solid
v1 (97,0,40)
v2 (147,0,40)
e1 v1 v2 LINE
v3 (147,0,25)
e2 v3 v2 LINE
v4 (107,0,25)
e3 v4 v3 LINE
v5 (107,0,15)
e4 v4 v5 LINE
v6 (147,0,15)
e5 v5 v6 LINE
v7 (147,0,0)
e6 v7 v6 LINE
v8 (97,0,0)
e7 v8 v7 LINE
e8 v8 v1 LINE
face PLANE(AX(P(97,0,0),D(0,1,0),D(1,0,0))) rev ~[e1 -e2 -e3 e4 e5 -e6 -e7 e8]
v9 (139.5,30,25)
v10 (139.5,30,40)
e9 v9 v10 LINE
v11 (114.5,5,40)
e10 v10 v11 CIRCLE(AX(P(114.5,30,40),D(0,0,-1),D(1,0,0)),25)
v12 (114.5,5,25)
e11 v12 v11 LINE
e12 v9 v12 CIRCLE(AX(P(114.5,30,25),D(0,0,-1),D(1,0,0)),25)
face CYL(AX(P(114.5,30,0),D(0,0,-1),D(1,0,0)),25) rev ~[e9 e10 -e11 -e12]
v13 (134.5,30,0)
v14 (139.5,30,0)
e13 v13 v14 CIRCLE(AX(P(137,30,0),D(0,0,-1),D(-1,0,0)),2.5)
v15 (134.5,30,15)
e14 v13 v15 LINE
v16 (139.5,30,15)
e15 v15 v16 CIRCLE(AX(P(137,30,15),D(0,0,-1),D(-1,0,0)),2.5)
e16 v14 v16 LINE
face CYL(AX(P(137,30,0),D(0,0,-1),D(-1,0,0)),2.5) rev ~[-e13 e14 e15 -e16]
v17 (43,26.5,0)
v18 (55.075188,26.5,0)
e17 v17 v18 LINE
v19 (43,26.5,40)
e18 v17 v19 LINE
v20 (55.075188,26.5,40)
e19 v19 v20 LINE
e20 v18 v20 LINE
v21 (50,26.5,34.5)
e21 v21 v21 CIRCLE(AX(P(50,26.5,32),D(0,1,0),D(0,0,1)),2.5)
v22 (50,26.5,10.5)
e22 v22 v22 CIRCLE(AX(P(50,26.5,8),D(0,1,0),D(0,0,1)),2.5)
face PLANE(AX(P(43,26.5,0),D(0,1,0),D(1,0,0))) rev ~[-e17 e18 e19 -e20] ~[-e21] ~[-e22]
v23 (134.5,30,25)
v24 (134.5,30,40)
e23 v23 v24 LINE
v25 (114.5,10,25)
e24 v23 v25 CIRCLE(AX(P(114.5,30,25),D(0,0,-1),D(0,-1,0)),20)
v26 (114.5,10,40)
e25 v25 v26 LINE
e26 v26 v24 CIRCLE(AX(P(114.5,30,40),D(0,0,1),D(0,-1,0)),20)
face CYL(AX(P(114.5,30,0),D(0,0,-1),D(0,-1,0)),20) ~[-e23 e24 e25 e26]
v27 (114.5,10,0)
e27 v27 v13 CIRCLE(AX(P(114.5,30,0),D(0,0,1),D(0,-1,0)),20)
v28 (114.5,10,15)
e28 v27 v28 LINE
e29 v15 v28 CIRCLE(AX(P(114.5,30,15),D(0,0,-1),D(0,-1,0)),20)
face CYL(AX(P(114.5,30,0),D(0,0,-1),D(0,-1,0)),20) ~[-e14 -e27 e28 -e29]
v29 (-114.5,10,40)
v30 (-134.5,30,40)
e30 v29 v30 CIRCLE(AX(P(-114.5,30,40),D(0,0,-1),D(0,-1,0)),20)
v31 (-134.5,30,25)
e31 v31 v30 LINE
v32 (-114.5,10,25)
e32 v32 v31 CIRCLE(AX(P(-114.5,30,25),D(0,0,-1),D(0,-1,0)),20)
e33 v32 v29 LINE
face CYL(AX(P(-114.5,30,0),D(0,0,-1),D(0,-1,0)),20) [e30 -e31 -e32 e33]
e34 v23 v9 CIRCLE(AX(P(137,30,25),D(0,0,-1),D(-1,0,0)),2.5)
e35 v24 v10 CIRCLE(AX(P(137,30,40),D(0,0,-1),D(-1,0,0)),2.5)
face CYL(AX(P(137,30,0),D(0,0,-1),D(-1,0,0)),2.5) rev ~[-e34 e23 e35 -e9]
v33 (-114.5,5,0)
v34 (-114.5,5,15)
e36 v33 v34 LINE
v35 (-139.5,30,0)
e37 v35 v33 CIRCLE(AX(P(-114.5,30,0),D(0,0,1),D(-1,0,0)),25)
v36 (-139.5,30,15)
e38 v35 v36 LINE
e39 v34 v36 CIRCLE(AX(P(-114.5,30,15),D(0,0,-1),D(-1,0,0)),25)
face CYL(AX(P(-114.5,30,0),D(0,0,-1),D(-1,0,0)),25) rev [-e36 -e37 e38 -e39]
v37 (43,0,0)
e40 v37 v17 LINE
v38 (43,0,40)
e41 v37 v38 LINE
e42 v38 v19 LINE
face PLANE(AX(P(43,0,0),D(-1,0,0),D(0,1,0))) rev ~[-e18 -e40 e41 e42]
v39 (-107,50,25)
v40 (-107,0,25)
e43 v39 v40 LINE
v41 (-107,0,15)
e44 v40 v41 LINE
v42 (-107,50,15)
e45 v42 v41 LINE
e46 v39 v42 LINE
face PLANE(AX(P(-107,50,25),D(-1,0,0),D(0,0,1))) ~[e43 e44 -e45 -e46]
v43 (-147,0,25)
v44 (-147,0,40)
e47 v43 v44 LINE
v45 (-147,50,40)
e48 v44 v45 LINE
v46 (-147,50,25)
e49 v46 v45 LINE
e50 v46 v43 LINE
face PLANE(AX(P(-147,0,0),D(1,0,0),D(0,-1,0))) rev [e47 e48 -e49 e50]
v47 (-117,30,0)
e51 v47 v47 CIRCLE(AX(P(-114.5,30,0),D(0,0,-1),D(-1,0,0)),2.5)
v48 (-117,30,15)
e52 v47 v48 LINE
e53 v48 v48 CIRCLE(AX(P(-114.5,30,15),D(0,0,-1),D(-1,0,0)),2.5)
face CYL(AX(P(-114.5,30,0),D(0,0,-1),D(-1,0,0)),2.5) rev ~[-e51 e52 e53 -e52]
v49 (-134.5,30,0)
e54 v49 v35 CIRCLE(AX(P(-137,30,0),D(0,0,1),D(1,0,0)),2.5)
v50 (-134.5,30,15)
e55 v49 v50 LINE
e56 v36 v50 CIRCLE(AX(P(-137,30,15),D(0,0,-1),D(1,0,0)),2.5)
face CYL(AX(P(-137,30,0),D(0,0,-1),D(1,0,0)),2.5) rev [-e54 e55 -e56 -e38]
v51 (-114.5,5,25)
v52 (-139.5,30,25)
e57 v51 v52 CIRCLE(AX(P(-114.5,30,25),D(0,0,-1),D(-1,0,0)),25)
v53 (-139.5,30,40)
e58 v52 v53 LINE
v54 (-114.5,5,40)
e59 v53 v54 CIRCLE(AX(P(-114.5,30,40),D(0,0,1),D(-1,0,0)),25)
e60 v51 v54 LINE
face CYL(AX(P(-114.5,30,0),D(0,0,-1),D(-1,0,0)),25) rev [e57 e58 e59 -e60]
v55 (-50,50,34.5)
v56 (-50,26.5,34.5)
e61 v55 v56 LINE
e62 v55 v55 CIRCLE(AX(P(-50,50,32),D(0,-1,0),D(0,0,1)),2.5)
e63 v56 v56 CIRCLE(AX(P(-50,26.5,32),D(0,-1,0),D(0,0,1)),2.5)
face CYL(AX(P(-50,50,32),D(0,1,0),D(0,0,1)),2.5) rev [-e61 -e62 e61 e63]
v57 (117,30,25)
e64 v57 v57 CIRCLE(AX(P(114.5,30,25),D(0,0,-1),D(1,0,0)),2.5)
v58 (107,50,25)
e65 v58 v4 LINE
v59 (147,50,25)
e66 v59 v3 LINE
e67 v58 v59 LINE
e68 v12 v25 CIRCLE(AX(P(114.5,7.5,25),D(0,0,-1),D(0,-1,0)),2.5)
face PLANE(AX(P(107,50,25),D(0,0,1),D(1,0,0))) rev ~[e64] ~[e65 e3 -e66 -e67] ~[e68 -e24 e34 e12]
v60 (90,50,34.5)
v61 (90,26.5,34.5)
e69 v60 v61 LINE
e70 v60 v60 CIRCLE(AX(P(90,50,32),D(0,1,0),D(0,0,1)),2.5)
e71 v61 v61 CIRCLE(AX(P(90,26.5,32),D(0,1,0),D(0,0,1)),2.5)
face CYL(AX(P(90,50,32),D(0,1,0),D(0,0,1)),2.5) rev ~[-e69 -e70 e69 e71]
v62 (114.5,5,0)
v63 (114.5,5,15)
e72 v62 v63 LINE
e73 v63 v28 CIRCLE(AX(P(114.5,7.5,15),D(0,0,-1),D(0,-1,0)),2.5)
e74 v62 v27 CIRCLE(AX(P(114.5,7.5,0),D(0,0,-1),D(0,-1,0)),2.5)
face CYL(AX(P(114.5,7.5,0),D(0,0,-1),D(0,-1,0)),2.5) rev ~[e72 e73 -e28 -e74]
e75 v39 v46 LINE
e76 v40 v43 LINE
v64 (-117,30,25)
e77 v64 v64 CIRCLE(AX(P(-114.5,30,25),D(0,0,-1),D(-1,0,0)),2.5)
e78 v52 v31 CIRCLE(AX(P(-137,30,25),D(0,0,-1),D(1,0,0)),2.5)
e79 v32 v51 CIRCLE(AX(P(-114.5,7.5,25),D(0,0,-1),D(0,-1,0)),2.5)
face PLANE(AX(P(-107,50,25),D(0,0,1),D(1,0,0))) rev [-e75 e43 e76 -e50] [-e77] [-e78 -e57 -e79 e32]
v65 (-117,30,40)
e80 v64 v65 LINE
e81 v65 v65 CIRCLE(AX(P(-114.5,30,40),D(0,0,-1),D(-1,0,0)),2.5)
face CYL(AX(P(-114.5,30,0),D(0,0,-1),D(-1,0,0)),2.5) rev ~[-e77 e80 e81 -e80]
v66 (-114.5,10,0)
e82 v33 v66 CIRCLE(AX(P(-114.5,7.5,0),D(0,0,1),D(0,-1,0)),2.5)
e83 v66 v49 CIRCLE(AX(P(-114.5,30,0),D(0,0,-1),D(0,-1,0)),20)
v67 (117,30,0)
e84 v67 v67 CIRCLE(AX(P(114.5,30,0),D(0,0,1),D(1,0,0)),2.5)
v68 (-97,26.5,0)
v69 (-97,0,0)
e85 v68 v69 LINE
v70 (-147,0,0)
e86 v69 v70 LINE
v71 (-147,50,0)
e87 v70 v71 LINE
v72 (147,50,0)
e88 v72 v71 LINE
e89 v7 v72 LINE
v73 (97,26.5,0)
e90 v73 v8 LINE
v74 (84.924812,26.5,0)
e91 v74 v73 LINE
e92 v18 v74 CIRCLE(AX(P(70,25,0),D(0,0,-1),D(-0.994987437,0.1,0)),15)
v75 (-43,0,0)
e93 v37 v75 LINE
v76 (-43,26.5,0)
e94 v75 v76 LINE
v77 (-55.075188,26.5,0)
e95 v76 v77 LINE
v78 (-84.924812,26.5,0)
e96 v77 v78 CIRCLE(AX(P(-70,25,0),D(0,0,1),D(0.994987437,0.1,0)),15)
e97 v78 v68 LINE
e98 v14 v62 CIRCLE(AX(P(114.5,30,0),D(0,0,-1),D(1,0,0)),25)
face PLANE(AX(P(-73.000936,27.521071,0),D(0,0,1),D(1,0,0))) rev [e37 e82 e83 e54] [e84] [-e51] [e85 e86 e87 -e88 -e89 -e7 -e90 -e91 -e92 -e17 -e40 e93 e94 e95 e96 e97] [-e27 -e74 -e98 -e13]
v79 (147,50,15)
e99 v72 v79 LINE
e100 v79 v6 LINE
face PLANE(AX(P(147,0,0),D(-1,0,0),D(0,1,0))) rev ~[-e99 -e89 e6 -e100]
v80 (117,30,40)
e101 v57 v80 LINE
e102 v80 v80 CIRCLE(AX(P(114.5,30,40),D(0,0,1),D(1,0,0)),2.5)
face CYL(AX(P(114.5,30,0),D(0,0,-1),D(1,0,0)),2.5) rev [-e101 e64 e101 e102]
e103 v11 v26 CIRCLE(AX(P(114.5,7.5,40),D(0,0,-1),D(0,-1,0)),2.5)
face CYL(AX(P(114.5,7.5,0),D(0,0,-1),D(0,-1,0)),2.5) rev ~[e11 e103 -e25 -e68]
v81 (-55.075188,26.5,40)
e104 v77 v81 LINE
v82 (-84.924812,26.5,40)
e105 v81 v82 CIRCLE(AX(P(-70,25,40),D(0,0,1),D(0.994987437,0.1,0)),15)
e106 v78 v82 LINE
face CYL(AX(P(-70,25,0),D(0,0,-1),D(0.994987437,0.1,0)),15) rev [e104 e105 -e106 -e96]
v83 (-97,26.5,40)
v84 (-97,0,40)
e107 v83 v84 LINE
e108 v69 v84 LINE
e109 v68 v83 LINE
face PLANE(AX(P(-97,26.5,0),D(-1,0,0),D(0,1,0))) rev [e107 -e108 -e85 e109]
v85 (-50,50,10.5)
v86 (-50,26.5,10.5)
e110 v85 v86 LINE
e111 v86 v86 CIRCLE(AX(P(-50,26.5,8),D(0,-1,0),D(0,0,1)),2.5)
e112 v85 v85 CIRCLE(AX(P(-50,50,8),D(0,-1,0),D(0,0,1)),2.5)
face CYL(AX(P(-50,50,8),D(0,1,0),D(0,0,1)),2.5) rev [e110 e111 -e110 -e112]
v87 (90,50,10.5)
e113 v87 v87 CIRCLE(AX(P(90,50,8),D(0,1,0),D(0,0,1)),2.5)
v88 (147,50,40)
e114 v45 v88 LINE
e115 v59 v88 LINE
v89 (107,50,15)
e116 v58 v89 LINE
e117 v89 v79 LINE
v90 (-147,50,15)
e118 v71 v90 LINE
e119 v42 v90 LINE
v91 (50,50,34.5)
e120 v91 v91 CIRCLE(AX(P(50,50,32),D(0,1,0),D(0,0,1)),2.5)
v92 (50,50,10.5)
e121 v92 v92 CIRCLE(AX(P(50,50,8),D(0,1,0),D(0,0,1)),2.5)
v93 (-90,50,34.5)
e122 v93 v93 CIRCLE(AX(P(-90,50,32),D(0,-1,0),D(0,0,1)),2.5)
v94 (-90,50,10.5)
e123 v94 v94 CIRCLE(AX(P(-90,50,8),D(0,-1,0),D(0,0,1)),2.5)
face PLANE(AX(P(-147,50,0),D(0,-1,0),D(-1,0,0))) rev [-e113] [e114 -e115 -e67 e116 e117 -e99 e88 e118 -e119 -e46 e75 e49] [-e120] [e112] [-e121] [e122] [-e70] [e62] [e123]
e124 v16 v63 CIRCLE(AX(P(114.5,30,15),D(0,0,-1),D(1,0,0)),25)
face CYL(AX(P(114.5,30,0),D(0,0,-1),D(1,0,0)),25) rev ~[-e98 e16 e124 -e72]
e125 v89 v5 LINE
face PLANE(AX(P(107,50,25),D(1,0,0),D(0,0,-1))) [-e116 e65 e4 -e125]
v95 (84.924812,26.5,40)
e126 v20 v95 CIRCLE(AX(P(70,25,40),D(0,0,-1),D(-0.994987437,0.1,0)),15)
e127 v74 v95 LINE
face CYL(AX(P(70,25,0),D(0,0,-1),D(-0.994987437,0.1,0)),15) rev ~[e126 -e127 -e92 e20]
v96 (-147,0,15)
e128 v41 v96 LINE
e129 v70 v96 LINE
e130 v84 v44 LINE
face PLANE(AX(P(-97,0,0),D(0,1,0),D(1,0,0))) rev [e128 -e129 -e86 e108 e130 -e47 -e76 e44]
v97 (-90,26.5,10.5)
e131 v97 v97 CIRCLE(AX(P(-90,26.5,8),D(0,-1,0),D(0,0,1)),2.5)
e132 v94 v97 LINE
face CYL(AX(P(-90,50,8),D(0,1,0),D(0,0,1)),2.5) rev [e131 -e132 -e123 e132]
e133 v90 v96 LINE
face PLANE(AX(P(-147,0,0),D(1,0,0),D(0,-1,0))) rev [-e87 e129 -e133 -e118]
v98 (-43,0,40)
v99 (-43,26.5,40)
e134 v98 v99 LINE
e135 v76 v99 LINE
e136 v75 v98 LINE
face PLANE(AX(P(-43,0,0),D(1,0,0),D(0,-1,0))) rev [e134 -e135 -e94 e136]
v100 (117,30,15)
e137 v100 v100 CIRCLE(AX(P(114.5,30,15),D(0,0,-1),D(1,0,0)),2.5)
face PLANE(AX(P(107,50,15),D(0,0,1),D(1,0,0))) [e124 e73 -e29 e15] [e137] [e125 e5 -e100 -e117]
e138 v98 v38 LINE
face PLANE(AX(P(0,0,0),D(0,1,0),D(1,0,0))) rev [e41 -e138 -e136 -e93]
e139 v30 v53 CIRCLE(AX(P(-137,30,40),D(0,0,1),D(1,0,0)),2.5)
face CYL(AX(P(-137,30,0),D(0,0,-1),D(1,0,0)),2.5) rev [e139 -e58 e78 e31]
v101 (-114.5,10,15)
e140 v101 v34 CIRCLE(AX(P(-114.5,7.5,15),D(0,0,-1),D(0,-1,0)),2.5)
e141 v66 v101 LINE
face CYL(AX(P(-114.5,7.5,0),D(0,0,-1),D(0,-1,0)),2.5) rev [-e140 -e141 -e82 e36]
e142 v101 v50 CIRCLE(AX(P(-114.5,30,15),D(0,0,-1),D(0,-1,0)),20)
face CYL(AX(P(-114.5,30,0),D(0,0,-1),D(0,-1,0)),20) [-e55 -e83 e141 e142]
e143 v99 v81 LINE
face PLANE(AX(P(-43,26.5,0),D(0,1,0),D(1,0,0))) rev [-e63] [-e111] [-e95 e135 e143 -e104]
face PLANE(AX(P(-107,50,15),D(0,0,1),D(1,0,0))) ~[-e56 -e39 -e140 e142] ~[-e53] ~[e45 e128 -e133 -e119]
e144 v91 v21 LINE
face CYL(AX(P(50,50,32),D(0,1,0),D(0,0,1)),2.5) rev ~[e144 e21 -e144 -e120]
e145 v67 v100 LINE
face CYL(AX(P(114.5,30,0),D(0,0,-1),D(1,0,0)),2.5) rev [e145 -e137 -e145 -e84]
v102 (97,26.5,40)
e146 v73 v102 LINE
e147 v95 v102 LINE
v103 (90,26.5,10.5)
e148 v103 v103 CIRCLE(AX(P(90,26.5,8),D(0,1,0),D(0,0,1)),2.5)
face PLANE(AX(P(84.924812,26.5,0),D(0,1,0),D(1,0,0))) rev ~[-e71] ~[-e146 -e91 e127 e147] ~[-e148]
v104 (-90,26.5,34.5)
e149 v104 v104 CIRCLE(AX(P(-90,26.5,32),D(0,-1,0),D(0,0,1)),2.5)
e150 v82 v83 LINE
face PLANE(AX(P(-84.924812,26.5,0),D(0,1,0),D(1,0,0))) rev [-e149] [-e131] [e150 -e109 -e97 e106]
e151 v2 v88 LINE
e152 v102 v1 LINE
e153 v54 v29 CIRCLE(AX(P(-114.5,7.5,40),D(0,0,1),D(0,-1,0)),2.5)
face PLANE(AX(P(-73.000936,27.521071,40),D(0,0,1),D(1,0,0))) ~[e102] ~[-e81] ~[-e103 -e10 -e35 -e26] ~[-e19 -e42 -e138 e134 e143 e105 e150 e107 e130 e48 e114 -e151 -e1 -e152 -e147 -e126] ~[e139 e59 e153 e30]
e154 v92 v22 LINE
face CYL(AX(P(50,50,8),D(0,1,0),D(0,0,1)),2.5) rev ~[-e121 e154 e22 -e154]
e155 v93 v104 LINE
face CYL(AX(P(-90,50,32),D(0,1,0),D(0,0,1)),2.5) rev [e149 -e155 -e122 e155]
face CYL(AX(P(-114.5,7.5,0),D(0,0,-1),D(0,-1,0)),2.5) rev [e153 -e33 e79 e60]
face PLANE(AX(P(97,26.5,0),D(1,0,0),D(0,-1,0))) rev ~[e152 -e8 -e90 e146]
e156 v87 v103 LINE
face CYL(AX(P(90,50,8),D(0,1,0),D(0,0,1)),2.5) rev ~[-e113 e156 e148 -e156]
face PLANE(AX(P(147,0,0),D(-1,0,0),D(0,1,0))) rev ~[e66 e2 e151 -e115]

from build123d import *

# Parameters (mm, degrees)
SKETCH1_R           = 2.5
BOSS_EXTRUDE1_DEPTH = 40
SKETCH3_R           = 2.5
CUT_EXTRUDE2_DEPTH  = 23.5
CUT_EXTRUDE3_REACH  = 162.34
SKETCH4_W           = 40
SKETCH4_H           = 10


with BuildPart() as part:
    # Sketch1 → Boss-Extrude1 (new body)
    with BuildSketch(Plane.XY):
        with BuildLine():
            Line((0, 50), (0, 0))
            Line((0, 0), (43, 0))
            Line((43, 0), (43, 26.5))
            Line((43, 26.5), (55.075188443, 26.5))
            ThreePointArc((55.075188443, 26.5), (70, 40), (84.924811557, 26.5))
            Line((84.924811557, 26.5), (97, 26.5))
            Line((97, 26.5), (97, 0))
            Line((97, 0), (147, 0))
            Line((147, 0), (147, 50))
            Line((147, 50), (62, 50))
            Line((62, 50), (23, 50))
            Line((23, 50), (0, 50))
        make_face()
        with BuildLine():
            ThreePointArc((139.5, 30), (132.17766953, 12.32233047), (114.5, 5))
            ThreePointArc((114.5, 5), (112, 7.5), (114.5, 10))
            ThreePointArc((114.5, 10), (128.642135624, 15.857864376), (134.5, 30))
            ThreePointArc((134.5, 30), (137, 32.5), (139.5, 30))
        make_face(mode=Mode.SUBTRACT)
        with Locations((114.5, 30)):
            Circle(SKETCH1_R, mode=Mode.SUBTRACT)
    boss_extrude1 = extrude(amount=BOSS_EXTRUDE1_DEPTH)

    # Sketch3 → Cut-Extrude2 (cut)
    with BuildSketch(Plane(origin=(0, 50, 0), x_dir=(1, 0, 0), z_dir=(0, 1, 0))):
        with Locations(Location((50, -32, 0), (0, 0, 270))):
            Circle(SKETCH3_R)
        with Locations(Location((90, -32, 0), (0, 0, 270))):
            Circle(SKETCH3_R)
        with Locations(Location((50, -8, 0), (0, 0, 270))):
            Circle(SKETCH3_R)
        with Locations(Location((90, -8, 0), (0, 0, 270))):
            Circle(SKETCH3_R)
    cut_extrude2 = extrude(amount=-CUT_EXTRUDE2_DEPTH, mode=Mode.SUBTRACT)

    # Cut-Extrude3: up to this face of the body (flat: up to its plane)
    cut_extrude3_end = Plane(part.part.faces().sort_by_distance((122, 0, 20))[0])
    # Sketch4 → Cut-Extrude3 (cut, up to the picked face)
    with BuildSketch(Plane(origin=(0, 50, 0), x_dir=(1, 0, 0), z_dir=(0, 1, 0)), mode=Mode.PRIVATE) as cut_extrude3_sk1:
        with Locations((127, -20)):
            Rectangle(SKETCH4_W, SKETCH4_H)
    cut_extrude3_tool1 = split(extrude(cut_extrude3_sk1.sketch, amount=-CUT_EXTRUDE3_REACH, mode=Mode.PRIVATE), bisect_by=cut_extrude3_end, keep=Keep.BOTH, mode=Mode.PRIVATE)
    cut_extrude3 = cut_extrude3_tool1.solids().sort_by(Axis((127, 50, 20), (0, -1, 0)))[0]
    add(cut_extrude3, mode=Mode.SUBTRACT)

    # Mirror2: Boss-Extrude1, Cut-Extrude2, Cut-Extrude3 across plane
    add(boss_extrude1.mirror(Plane(origin=(0, 0, 40), x_dir=(0, 0, 1), z_dir=(-1, 0, 0))))
    add(cut_extrude2.mirror(Plane(origin=(0, 0, 40), x_dir=(0, 0, 1), z_dir=(-1, 0, 0))), mode=Mode.SUBTRACT)
    add(cut_extrude3.mirror(Plane(origin=(0, 0, 40), x_dir=(0, 0, 1), z_dir=(-1, 0, 0))), mode=Mode.SUBTRACT)


solid = part.part
